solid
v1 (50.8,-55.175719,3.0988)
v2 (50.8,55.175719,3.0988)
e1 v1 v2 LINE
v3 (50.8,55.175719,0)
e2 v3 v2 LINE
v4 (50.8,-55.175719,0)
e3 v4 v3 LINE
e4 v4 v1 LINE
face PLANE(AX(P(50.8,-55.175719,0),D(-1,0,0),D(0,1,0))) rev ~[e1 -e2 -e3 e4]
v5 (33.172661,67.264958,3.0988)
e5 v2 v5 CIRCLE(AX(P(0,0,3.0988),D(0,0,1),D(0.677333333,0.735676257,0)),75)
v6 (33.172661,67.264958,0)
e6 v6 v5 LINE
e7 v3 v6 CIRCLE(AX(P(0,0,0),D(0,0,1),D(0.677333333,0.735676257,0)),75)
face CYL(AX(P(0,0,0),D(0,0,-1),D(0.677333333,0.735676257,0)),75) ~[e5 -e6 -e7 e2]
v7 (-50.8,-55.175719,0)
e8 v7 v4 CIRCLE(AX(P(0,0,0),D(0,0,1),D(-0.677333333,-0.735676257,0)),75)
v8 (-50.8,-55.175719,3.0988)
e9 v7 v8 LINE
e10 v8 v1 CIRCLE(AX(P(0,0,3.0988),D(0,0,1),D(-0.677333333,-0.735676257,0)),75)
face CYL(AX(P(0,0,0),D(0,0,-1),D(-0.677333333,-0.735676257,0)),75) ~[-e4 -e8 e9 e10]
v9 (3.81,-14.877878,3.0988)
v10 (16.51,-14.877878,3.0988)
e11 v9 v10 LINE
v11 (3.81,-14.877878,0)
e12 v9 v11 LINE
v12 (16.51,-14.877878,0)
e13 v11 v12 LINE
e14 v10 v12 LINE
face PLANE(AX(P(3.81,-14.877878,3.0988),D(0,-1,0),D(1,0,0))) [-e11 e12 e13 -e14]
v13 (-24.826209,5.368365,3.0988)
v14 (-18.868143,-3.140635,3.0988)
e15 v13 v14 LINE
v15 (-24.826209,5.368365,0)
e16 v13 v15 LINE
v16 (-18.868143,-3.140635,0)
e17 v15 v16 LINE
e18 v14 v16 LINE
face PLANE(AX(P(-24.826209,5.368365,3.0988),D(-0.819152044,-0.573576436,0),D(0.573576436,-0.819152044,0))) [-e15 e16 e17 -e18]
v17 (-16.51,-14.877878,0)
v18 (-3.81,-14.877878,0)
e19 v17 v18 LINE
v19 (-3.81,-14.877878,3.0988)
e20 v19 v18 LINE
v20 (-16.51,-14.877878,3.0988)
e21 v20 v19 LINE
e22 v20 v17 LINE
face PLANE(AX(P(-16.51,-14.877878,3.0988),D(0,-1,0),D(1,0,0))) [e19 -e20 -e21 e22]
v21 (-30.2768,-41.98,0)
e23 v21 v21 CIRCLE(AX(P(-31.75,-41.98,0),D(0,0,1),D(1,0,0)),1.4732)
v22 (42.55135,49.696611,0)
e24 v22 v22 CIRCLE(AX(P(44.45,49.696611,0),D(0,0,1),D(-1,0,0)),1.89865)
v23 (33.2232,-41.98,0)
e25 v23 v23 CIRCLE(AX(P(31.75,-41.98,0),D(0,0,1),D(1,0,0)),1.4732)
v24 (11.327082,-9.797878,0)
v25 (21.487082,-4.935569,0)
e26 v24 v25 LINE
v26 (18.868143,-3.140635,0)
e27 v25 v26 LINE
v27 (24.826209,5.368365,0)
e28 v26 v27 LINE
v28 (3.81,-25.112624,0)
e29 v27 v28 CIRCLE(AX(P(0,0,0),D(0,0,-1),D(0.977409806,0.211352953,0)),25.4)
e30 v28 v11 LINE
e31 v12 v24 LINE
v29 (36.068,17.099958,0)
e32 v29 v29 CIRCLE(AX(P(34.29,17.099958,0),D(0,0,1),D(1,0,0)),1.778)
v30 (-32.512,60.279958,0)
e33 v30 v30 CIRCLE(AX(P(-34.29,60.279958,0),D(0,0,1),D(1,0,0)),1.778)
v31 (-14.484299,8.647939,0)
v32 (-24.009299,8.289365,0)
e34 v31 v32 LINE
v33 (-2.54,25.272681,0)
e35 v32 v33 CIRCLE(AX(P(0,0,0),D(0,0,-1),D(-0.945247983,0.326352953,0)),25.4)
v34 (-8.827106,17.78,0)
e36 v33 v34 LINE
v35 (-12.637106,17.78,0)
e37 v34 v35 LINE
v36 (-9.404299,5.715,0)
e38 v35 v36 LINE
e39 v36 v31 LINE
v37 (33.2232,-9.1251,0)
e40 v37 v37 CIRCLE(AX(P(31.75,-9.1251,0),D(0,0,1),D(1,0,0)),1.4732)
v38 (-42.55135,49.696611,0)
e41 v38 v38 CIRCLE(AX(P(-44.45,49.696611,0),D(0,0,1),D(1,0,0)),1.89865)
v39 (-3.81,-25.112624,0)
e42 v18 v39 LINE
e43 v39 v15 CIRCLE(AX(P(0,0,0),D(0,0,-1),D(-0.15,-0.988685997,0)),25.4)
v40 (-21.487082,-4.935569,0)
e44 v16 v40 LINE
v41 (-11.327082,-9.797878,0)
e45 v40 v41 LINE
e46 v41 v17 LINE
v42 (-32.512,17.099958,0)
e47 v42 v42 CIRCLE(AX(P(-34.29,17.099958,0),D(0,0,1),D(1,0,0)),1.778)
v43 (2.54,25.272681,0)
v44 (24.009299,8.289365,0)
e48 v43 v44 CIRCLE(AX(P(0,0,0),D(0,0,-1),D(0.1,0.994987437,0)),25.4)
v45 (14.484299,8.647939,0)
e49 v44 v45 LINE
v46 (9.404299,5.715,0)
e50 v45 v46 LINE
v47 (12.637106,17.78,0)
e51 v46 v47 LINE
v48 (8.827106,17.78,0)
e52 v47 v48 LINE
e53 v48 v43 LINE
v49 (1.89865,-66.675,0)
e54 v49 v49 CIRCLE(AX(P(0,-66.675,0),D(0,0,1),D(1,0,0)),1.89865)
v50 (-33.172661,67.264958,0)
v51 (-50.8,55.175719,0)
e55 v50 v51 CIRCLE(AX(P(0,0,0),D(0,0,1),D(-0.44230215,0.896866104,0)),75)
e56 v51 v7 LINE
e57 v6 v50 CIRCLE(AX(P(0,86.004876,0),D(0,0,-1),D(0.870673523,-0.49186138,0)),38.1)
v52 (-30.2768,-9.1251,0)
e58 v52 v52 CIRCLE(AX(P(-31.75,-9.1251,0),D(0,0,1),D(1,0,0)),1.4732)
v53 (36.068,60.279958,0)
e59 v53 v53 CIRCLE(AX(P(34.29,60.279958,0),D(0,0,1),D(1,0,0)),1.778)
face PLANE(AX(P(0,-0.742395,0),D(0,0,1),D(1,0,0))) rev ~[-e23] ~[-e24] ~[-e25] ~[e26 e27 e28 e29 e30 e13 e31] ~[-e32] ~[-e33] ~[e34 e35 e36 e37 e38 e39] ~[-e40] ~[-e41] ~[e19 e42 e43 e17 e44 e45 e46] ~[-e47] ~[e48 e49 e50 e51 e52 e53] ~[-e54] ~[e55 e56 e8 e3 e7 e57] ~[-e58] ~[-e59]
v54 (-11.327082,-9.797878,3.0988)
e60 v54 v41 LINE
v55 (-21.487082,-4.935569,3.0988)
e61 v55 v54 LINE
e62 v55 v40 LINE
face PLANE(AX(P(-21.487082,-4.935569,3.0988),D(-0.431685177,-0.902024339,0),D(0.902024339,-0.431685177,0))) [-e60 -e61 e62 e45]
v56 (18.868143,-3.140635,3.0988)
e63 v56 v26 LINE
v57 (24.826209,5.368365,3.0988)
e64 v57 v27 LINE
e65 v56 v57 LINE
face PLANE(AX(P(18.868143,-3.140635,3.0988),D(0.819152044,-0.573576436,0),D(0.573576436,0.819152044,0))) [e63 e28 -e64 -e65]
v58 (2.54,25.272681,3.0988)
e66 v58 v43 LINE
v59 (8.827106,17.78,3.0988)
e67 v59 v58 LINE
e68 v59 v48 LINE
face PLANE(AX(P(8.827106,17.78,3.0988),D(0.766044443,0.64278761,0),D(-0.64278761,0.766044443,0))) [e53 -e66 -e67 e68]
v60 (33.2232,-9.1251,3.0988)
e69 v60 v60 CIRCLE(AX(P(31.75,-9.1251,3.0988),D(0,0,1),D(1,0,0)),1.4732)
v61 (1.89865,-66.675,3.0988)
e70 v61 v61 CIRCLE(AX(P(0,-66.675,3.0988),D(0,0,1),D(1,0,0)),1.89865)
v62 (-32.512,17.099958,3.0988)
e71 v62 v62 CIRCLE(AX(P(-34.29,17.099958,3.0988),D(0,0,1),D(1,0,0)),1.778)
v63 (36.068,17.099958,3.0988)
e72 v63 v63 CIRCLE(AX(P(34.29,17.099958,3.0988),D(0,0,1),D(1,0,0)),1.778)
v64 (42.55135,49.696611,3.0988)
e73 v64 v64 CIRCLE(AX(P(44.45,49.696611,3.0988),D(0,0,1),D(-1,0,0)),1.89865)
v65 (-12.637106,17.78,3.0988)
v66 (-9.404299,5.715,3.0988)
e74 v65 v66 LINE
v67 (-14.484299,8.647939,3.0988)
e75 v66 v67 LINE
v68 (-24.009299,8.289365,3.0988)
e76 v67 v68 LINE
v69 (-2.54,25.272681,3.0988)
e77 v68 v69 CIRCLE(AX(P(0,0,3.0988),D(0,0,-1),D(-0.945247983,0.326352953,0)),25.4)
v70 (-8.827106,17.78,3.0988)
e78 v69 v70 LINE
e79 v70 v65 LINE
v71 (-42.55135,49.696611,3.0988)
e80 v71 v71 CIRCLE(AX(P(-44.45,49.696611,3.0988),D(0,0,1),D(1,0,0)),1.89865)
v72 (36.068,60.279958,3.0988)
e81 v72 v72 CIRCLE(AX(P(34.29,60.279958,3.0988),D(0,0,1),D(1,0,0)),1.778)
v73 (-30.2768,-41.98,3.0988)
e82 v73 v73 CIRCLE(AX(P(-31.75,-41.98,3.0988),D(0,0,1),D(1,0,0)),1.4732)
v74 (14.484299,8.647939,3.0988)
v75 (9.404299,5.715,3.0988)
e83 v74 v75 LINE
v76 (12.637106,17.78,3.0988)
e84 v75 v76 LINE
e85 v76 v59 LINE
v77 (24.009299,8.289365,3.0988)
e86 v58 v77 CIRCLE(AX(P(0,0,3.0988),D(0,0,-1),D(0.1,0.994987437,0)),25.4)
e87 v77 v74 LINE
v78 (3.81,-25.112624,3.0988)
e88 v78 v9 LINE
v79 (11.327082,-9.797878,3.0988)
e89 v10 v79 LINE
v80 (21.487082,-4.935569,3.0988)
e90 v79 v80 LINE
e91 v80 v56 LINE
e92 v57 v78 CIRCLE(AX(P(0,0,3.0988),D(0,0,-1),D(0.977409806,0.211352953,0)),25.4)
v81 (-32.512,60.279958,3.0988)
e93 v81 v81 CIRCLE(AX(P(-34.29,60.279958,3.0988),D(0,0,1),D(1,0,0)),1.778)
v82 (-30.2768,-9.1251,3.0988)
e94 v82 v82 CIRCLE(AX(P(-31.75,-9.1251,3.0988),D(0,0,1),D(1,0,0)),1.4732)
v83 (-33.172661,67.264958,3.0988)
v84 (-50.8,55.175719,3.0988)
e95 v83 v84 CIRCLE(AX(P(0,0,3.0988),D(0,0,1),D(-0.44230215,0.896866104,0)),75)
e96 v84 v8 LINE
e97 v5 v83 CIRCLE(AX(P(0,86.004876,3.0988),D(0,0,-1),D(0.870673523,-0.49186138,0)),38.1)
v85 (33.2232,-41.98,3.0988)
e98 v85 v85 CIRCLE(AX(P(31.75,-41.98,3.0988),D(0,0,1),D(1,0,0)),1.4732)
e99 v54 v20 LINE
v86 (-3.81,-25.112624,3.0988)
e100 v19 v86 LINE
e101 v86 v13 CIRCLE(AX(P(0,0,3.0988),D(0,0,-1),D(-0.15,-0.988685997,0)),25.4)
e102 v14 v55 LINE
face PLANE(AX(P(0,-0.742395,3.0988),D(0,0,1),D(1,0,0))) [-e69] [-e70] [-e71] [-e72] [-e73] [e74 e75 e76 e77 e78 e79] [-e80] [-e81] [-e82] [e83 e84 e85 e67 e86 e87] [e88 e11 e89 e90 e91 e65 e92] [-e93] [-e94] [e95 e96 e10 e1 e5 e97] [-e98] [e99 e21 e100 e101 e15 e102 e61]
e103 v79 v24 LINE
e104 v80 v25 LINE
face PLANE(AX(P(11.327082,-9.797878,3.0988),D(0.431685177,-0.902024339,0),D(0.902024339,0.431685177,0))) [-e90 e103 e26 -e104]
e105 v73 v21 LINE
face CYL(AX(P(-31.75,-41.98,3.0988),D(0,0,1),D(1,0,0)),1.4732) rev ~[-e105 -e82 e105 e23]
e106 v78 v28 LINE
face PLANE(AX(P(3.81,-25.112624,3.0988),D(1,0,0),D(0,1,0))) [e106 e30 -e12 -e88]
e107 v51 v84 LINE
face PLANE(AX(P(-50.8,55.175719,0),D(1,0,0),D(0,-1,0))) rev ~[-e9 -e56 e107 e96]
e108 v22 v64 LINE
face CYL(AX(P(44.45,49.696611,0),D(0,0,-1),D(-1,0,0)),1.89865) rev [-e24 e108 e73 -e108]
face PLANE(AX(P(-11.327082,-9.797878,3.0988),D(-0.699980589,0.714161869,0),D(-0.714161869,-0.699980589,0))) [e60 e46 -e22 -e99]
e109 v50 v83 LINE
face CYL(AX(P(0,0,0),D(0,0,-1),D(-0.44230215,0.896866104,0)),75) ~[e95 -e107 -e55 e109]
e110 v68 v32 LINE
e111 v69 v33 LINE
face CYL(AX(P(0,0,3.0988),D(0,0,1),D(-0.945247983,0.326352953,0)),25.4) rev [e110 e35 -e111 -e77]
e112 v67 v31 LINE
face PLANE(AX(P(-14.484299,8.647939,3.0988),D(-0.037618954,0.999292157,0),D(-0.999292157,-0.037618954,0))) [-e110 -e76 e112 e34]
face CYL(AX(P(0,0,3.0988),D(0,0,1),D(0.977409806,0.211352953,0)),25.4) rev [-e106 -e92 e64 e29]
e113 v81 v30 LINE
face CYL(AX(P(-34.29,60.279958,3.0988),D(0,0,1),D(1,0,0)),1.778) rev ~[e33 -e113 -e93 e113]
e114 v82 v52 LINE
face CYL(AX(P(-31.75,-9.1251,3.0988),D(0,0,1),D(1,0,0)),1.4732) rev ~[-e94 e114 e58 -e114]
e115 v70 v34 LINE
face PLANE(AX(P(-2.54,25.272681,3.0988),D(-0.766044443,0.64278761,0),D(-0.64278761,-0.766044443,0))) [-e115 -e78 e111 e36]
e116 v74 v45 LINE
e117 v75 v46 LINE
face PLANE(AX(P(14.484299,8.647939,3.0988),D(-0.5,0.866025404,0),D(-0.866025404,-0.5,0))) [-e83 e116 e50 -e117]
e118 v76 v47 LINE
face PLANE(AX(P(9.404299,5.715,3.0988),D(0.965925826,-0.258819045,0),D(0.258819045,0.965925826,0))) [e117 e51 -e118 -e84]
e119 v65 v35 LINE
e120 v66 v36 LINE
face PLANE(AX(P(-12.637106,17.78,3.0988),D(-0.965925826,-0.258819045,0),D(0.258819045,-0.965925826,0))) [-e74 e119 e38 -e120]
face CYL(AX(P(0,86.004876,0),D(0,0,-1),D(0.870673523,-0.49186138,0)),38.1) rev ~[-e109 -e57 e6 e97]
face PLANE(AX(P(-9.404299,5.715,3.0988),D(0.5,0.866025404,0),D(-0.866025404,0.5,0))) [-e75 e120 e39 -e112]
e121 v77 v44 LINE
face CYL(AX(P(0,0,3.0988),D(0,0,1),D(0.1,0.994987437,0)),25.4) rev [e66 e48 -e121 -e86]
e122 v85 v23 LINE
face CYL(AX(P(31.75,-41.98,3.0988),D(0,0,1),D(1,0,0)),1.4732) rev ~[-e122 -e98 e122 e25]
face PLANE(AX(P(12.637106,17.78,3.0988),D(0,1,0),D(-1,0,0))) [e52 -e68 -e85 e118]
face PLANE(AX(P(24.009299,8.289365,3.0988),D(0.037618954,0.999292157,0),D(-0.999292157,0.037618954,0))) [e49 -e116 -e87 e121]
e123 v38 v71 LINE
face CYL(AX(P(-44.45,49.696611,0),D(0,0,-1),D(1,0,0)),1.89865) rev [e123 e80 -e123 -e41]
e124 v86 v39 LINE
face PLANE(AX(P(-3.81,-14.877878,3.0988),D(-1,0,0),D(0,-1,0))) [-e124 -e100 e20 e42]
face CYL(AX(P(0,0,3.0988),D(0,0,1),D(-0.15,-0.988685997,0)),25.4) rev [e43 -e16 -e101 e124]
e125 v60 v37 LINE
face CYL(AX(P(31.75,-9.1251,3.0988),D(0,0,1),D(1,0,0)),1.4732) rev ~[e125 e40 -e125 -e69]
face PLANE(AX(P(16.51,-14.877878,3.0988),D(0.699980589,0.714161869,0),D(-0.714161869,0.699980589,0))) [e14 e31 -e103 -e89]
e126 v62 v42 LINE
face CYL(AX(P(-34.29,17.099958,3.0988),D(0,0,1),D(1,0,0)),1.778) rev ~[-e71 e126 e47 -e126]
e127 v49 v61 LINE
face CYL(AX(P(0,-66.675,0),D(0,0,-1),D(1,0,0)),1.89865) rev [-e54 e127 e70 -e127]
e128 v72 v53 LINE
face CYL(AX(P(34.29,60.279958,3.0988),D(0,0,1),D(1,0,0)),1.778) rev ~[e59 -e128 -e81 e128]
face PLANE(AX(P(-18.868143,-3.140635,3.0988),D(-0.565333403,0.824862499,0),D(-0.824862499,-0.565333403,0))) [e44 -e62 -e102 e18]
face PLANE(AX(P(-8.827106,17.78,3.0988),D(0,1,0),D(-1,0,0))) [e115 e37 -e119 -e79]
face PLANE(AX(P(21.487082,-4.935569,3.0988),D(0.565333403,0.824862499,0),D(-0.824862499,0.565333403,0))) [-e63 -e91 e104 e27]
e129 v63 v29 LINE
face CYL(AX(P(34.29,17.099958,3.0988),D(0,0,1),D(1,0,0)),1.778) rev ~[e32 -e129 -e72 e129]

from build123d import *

# Parameters (mm, degrees)
SKETCH1_R           = 1.89865
BOSS_EXTRUDE3_DEPTH = 3.0988
SKETCH2_R           = 1.4732
CUT_EXTRUDE1_DEPTH  = 3.0988
CUT_EXTRUDE2_DEPTH  = 3.0988
SKETCH4_R           = 1.778
CUT_EXTRUDE3_DEPTH  = 3.0988


with BuildPart() as part:
    # Sketch1 → Boss-Extrude3 (new body)
    with BuildSketch(Plane.XY):
        with BuildLine():
            Line((-50.8, 55.175719298), (-50.8, -55.175719298))
            ThreePointArc((-50.8, -55.175719298), (0, -75), (50.8, -55.175719298))
            Line((50.8, -55.175719298), (50.8, 55.175719298))
            ThreePointArc((50.8, 55.175719298), (42.419210034, 61.851520758), (33.172661219, 67.264957799))
            ThreePointArc((33.172661219, 67.264957799), (0, 47.904876359), (-33.172661219, 67.264957799))
            ThreePointArc((-33.172661219, 67.264957799), (-42.419210034, 61.851520758), (-50.8, 55.175719298))
        make_face()
        with Locations((0, -66.675)):
            Circle(SKETCH1_R, mode=Mode.SUBTRACT)
        with Locations((-44.45, 49.6966108)):
            Circle(SKETCH1_R, mode=Mode.SUBTRACT)
        with Locations(Location((44.45, 49.6966108, 0), (0, 0, 180))):
            Circle(SKETCH1_R, mode=Mode.SUBTRACT)
    extrude(amount=BOSS_EXTRUDE3_DEPTH)

    # Sketch2 → Cut-Extrude1 (cut)
    with BuildSketch(Plane.XY.offset(3.0988)):
        with Locations((-31.75, -41.98)):
            Circle(SKETCH2_R)
        with Locations((31.75, -41.98)):
            Circle(SKETCH2_R)
        with Locations((-31.75, -9.1251)):
            Circle(SKETCH2_R)
        with Locations((31.75, -9.1251)):
            Circle(SKETCH2_R)
    extrude(amount=-CUT_EXTRUDE1_DEPTH, mode=Mode.SUBTRACT)

    # Sketch3 → Cut-Extrude2 (cut)
    with BuildSketch(Plane.XY.offset(3.0988)):
        with BuildLine():
            Line((8.827105782, 17.78), (2.54, 25.272680903))
            ThreePointArc((2.54, 25.272680903), (15.758317518, 19.920728626), (24.009298775, 8.289365013))
            Line((24.009298775, 8.289365013), (14.484298775, 8.647939367))
            Line((14.484298775, 8.647939367), (9.404298775, 5.715))
            Line((9.404298775, 5.715), (12.637105782, 17.78))
            Line((12.637105782, 17.78), (8.827105782, 17.78))
        make_face()
        with BuildLine():
            Line((18.868143133, -3.140634987), (24.826209076, 5.368365013))
            ThreePointArc((24.826209076, 5.368365013), (20.911260009, -14.418016674), (3.81, -25.112624315))
            Line((3.81, -25.112624315), (3.81, -14.877877919))
            Line((3.81, -14.877877919), (16.51, -14.877877919))
            Line((16.51, -14.877877919), (11.327081569, -9.797877919))
            Line((11.327081569, -9.797877919), (21.487081569, -4.935568543))
            Line((21.487081569, -4.935568543), (18.868143133, -3.140634987))
        make_face()
        with BuildLine():
            Line((-3.81, -14.877877919), (-3.81, -25.112624315))
            ThreePointArc((-3.81, -25.112624315), (-20.911260009, -14.418016674), (-24.826209076, 5.368365013))
            Line((-24.826209076, 5.368365013), (-18.868143133, -3.140634987))
            Line((-18.868143133, -3.140634987), (-21.487081569, -4.935568543))
            Line((-21.487081569, -4.935568543), (-11.327081569, -9.797877919))
            Line((-11.327081569, -9.797877919), (-16.51, -14.877877919))
            Line((-16.51, -14.877877919), (-3.81, -14.877877919))
        make_face()
        with BuildLine():
            Line((-14.484298775, 8.647939367), (-24.009298775, 8.289365013))
            ThreePointArc((-24.009298775, 8.289365013), (-15.758317518, 19.920728626), (-2.54, 25.272680903))
            Line((-2.54, 25.272680903), (-8.827105782, 17.78))
            Line((-8.827105782, 17.78), (-12.637105782, 17.78))
            Line((-12.637105782, 17.78), (-9.404298775, 5.715))
            Line((-9.404298775, 5.715), (-14.484298775, 8.647939367))
        make_face()
    extrude(amount=-CUT_EXTRUDE2_DEPTH, mode=Mode.SUBTRACT)

    # Sketch4 → Cut-Extrude3 (cut)
    with BuildSketch(Plane.XY.offset(3.0988)):
        with Locations((-34.29, 60.279957799)):
            Circle(SKETCH4_R)
        with Locations((34.29, 60.279957799)):
            Circle(SKETCH4_R)
        with Locations((34.29, 17.099957799)):
            Circle(SKETCH4_R)
        with Locations((-34.29, 17.099957799)):
            Circle(SKETCH4_R)
    extrude(amount=-CUT_EXTRUDE3_DEPTH, mode=Mode.SUBTRACT)


solid = part.part
